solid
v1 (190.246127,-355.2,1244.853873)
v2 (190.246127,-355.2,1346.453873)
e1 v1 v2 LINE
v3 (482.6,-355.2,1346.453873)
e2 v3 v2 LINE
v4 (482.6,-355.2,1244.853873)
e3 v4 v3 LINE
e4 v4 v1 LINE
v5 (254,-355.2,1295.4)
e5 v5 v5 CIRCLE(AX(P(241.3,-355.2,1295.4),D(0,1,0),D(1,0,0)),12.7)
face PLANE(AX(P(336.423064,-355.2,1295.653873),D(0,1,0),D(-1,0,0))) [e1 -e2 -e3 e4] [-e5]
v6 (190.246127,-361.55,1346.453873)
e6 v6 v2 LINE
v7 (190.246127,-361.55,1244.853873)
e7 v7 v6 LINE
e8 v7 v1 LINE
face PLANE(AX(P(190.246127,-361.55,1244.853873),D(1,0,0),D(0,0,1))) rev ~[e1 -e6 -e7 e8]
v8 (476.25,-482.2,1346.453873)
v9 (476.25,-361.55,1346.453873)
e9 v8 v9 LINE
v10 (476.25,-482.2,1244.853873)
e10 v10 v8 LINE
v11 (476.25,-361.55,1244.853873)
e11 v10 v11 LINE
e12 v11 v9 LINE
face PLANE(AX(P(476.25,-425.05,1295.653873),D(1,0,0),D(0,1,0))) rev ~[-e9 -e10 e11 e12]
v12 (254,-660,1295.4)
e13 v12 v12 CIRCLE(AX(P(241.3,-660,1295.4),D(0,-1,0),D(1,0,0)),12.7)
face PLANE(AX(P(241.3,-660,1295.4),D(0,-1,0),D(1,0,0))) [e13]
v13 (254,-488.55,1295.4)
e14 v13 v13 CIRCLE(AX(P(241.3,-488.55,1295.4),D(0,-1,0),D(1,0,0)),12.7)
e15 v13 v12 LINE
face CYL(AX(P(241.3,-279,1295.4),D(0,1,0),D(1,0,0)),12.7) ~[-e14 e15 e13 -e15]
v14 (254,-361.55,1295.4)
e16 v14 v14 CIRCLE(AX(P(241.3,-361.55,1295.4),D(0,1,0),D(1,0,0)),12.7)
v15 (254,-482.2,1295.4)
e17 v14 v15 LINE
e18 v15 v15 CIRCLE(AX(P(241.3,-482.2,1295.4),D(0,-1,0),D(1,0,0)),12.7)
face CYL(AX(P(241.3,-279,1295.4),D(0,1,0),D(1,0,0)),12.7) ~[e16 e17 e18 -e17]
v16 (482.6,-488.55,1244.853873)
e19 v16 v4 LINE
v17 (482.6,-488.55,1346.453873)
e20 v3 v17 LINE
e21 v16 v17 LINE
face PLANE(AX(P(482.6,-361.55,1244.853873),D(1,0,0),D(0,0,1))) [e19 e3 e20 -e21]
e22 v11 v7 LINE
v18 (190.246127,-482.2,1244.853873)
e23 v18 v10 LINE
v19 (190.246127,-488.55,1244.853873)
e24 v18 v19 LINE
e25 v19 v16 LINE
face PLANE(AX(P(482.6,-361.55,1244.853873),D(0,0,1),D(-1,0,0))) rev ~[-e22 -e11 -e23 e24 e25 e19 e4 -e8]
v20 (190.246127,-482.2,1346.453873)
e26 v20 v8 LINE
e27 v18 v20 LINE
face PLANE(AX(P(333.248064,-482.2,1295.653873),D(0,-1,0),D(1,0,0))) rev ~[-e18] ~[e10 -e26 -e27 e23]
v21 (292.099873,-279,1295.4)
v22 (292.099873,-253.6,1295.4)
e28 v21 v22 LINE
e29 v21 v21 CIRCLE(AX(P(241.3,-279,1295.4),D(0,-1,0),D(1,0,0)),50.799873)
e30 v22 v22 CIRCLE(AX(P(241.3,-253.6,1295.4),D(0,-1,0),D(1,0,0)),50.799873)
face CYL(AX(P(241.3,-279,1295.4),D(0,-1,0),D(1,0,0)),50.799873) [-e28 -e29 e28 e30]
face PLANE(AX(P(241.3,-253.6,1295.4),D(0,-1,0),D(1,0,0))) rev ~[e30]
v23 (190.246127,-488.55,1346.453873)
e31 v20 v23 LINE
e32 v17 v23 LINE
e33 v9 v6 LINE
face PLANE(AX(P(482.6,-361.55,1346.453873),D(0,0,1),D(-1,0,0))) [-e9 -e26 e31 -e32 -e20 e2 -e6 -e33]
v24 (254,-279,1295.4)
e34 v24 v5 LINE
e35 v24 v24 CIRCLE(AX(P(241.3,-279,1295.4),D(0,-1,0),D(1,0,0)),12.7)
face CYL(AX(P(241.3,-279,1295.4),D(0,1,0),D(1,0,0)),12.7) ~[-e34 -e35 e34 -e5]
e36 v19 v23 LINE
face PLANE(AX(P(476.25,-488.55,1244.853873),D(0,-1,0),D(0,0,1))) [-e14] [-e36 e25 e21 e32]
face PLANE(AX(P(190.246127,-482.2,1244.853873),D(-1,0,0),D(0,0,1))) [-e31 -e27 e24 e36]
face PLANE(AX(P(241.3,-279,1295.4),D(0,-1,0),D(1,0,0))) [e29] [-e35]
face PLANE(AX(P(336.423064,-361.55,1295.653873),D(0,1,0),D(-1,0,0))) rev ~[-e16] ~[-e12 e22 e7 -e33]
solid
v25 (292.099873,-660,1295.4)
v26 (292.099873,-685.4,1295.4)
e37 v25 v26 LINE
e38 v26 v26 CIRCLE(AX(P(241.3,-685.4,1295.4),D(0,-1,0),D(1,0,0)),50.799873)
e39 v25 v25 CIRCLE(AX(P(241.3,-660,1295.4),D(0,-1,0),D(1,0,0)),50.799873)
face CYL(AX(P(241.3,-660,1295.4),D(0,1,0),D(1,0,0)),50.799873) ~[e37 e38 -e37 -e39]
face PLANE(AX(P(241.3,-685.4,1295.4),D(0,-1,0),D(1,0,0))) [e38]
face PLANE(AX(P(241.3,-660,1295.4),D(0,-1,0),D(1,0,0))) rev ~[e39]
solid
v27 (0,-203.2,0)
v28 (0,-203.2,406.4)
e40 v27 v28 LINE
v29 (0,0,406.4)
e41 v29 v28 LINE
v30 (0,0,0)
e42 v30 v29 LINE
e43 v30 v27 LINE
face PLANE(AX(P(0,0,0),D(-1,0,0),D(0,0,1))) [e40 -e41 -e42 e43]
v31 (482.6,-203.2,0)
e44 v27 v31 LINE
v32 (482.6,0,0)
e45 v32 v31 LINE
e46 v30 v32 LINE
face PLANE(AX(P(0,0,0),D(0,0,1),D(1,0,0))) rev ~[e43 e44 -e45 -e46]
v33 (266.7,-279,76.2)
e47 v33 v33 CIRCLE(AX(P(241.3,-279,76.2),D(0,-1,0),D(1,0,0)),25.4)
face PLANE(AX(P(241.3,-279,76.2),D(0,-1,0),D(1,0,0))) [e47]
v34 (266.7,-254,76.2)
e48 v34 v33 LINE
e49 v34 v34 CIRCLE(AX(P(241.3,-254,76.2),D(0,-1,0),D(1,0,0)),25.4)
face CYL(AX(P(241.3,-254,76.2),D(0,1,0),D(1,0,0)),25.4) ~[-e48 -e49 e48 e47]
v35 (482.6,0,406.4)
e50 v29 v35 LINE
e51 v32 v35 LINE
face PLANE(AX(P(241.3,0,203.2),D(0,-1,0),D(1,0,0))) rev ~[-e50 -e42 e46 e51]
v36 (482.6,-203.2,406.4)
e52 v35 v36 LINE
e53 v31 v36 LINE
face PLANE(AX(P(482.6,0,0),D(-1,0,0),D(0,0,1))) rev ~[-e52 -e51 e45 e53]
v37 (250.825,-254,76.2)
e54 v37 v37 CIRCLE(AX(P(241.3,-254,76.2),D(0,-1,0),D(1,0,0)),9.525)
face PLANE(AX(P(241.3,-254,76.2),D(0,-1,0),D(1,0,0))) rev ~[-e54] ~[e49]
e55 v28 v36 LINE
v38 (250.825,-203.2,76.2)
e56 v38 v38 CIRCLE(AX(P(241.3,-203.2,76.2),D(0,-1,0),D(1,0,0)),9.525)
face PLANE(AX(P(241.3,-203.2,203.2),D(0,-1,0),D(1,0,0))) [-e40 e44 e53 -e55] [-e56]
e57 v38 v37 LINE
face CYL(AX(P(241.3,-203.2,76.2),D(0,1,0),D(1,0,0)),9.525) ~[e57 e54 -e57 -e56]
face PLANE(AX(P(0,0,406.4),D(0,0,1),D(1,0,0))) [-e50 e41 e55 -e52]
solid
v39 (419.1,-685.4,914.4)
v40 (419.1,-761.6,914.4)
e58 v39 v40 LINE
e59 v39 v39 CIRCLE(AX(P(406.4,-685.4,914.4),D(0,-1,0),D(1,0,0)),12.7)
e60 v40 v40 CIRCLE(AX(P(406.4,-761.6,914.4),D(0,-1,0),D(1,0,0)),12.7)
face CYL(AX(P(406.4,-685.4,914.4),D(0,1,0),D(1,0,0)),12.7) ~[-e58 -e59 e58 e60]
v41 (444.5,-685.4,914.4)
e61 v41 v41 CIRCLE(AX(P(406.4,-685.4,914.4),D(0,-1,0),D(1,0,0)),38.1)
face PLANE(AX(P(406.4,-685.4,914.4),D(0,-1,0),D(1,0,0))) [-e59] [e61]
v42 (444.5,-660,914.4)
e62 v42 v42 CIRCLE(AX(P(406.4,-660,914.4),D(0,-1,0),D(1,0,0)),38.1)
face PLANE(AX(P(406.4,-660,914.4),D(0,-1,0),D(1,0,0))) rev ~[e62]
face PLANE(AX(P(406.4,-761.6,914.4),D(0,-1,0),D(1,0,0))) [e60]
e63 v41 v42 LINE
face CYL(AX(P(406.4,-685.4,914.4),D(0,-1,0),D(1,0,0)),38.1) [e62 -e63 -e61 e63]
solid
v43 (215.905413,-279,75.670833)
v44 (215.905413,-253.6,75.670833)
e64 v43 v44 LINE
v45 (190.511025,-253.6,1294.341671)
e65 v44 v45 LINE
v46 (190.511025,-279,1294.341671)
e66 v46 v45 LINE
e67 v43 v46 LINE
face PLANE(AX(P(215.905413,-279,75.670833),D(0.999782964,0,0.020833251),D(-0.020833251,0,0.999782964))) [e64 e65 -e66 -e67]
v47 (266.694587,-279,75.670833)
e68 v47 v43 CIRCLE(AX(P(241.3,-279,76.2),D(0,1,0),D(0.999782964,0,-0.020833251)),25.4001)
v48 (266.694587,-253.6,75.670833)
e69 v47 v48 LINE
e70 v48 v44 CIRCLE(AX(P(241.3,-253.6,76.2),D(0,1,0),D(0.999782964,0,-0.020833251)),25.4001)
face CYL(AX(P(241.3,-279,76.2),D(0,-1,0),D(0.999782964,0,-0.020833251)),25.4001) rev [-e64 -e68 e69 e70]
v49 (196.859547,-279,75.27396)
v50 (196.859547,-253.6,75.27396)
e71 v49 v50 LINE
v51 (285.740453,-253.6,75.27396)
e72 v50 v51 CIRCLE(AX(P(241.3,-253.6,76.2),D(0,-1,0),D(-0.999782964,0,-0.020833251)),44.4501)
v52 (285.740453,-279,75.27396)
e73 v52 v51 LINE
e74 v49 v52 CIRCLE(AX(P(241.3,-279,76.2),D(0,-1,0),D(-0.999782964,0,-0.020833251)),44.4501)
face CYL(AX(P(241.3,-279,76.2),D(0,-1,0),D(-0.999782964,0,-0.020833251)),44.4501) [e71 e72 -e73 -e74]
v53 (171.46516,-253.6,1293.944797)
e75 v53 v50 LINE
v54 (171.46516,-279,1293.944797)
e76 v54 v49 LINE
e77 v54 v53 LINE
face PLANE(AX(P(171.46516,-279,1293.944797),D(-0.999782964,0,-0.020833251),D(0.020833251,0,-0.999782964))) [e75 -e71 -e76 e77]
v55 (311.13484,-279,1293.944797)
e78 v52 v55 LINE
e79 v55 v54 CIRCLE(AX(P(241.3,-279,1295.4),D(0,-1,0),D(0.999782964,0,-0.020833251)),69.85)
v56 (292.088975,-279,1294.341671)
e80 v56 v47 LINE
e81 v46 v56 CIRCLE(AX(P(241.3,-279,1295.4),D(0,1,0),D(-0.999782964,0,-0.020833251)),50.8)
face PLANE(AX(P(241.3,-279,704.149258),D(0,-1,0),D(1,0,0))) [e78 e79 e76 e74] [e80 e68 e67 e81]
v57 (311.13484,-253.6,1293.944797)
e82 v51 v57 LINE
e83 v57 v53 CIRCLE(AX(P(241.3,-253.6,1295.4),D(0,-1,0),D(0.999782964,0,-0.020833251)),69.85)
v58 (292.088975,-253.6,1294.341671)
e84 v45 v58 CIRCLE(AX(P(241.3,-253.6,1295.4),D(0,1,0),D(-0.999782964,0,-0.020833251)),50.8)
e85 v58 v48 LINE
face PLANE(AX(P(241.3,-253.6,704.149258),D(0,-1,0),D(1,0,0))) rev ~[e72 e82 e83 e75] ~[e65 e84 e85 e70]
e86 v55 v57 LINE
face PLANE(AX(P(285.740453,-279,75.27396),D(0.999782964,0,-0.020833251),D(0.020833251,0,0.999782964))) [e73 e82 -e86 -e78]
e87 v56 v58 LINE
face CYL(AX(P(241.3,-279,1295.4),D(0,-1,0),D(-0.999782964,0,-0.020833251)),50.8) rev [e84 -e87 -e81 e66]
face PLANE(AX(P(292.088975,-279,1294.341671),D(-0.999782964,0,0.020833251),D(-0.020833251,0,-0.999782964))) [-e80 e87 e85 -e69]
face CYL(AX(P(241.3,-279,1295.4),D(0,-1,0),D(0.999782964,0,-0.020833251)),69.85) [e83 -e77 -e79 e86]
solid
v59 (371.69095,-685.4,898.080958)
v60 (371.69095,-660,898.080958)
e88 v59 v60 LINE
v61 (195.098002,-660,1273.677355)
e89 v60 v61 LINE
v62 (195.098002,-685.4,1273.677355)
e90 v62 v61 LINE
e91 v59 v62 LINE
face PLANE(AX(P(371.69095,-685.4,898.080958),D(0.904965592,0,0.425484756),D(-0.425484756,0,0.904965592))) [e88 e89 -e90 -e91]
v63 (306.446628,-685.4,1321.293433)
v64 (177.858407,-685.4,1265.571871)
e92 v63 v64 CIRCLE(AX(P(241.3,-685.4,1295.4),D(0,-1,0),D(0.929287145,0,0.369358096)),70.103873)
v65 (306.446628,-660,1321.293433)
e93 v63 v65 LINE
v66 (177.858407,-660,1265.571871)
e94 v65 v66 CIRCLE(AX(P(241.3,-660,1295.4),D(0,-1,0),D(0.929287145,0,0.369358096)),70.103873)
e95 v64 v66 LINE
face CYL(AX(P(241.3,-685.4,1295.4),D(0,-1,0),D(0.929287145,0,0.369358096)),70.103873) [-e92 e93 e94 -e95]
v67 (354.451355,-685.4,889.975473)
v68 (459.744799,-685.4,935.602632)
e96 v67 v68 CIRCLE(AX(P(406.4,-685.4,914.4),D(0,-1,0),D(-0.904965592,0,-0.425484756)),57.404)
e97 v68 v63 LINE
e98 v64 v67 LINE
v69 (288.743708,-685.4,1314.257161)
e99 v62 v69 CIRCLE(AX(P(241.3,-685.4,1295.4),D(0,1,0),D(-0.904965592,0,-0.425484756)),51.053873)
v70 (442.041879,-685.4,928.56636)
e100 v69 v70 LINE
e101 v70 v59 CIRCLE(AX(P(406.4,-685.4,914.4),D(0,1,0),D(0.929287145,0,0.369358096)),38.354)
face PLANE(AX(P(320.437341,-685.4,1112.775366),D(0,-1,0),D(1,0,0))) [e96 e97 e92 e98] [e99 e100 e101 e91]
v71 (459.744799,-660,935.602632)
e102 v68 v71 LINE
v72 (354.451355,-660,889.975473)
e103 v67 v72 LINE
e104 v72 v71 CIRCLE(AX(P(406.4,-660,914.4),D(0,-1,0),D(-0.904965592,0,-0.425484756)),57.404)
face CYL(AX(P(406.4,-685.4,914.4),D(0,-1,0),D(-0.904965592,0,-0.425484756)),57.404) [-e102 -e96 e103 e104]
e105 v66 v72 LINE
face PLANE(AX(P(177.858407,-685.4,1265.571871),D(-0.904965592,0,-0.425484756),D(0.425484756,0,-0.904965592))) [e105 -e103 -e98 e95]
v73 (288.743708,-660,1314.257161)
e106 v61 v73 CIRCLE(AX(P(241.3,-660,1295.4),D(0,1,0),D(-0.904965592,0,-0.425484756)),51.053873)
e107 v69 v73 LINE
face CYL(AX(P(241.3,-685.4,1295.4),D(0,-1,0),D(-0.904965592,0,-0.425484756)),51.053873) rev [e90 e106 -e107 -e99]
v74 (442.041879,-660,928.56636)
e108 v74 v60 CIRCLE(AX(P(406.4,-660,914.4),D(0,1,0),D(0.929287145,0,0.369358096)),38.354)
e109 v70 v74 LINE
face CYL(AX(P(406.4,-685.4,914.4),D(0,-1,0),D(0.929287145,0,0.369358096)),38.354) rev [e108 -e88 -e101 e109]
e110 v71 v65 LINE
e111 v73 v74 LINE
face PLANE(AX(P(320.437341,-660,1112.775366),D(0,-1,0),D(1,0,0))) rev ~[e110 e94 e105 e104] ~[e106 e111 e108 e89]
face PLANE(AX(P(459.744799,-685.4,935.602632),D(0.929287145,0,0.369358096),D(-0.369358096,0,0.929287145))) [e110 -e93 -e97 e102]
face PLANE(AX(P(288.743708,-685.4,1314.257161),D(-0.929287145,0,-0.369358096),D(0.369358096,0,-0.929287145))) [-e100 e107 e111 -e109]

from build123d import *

# Parameters (mm, degrees)
F0_W      = 482.6
F0_H      = 406.4
F1_DEPTH  = 203.2
F2_R      = 9.525
F3_DEPTH  = 50.8
F4_R      = 25.4
F5_DEPTH  = 25
F7_DEPTH  = 25.4
F8_R      = 50.799873
F9_DEPTH  = 25.4
F11_R     = 12.7
F12_DEPTH = 381
F13_R     = 50.799873
F14_DEPTH = 25.4
F15_R     = 38.1
F16_DEPTH = 25.4
F18_DEPTH = 25.4
F19_R     = 12.7
F20_DEPTH = 76.2
F22_W     = 286.003873
F22_H     = 101.6
F22_R     = 12.7
F23_DEPTH = 6.35
F24_W     = 127
F24_H     = 101.6
F25_DEPTH = 6.35
F26_W     = 292.353873
F26_H     = 101.6
F27_DEPTH = 6.35


with BuildPart() as f1:
    # F0 (on Front) → F1 (new body)
    with BuildSketch(Plane.XZ):
        with Locations((241.3, 203.2)):
            Rectangle(F0_W, F0_H)
    extrude(amount=F1_DEPTH)

    # F2 (on face) → F3 (join)
    with BuildSketch(Plane.XZ.offset(203.2)):
        with Locations((241.3, 76.2)):
            Circle(F2_R)
    extrude(amount=F3_DEPTH)

    # F4 (on face) → F5 (join)
    with BuildSketch(Plane.XZ.offset(254)):
        with Locations((241.3, 76.2)):
            Circle(F4_R)
    extrude(amount=F5_DEPTH)


with BuildPart() as f7:
    # F6 (on face) → F7 (new body)
    with BuildSketch(Plane.XZ.offset(279)):
        with BuildLine():
            ThreePointArc((311.1348400541, 1293.9447973958), (241.3, 1365.25), (171.4651599459, 1293.9447973958))
            Line((171.4651599459, 1293.9447973958), (196.85954726, 75.2739598958))
            ThreePointArc((196.85954726, 75.2739598958), (241.3, 31.7499), (285.74045274, 75.2739598958))
            Line((285.74045274, 75.2739598958), (311.1348400541, 1293.9447973958))
        make_face()
        with BuildLine():
            Line((292.0889745848, 1294.3416708333), (266.6945872707, 75.6708333333))
            ThreePointArc((266.6945872707, 75.6708333333), (241.3, 50.7999), (215.9054127293, 75.6708333333))
            Line((215.9054127293, 75.6708333333), (190.5110254152, 1294.3416708333))
            ThreePointArc((190.5110254152, 1294.3416708333), (241.3, 1346.2), (292.0889745848, 1294.3416708333))
        make_face(mode=Mode.SUBTRACT)
    extrude(amount=-F7_DEPTH)


with BuildPart() as f9:
    # F8 (on face) → F9 (new body)
    with BuildSketch(Plane.XZ.offset(279)):
        with Locations((241.3, 1295.4)):
            Circle(F8_R)
    extrude(amount=-F9_DEPTH)

    # F11 (on face) → F12 (join)
    with BuildSketch(Plane.XZ.offset(279)):
        with Locations((241.3, 1295.4)):
            Circle(F11_R)
    extrude(amount=F12_DEPTH)

    # F22 (on offset) → F23 (join)
    with BuildSketch(Plane.XZ.offset(482.2)):
        with Locations((333.2480635, 1295.653873)):
            Rectangle(F22_W, F22_H)
        with Locations((241.3, 1295.4)):
            Circle(F22_R, mode=Mode.SUBTRACT)
    extrude(amount=F23_DEPTH)

    # F24 (on face) → F25 (join)
    with BuildSketch(Plane.YZ.offset(476.25)):
        with Locations((-425.05, 1295.653873)):
            Rectangle(F24_W, F24_H)
    extrude(amount=F25_DEPTH)

    # F26 (on face) → F27 (join)
    with BuildSketch(Plane(origin=(0, -361.55, 0), x_dir=(-1, 0, 0), z_dir=(0, 1, 0))):
        with Locations((-336.4230635, 1295.653873)):
            Rectangle(F26_W, F26_H)
    extrude(amount=F27_DEPTH)


with BuildPart() as f14:
    # F13 (on face) → F14 (new body)
    with BuildSketch(Plane.XZ.offset(660)):
        with Locations((241.3, 1295.4)):
            Circle(F13_R)
    extrude(amount=F14_DEPTH)


with BuildPart() as f16:
    # F15 (on face) → F16 (new body)
    with BuildSketch(Plane.XZ.offset(685.4)):
        with Locations((406.4, 914.4)):
            Circle(F15_R)
    extrude(amount=-F16_DEPTH)

    # F19 (on face) → F20 (join)
    with BuildSketch(Plane.XZ.offset(685.4)):
        with Locations((406.4, 914.4)):
            Circle(F19_R)
    extrude(amount=F20_DEPTH)


with BuildPart() as f18:
    # F17 (on face) → F18 (new body)
    with BuildSketch(Plane.XZ.offset(685.4)):
        with BuildLine():
            ThreePointArc((354.4513551765, 889.9754730445), (429.22425735, 861.7286368847), (459.7447992435, 935.6026321402))
            Line((459.7447992435, 935.6026321402), (306.4466279593, 1321.2934330503))
            ThreePointArc((306.4466279593, 1321.2934330503), (213.4261786882, 1359.7242030272), (177.8584070931, 1265.571870675))
            Line((177.8584070931, 1265.571870675), (354.4513551765, 889.9754730445))
        make_face()
        with BuildLine():
            ThreePointArc((195.0980016141, 1273.6773552841), (221.0006003752, 1342.244768365), (288.7437078564, 1314.2571613224))
            Line((288.7437078564, 1314.2571613224), (442.0418791406, 928.5663604122))
            ThreePointArc((442.0418791406, 928.5663604122), (421.649835663, 879.2080715469), (371.6909496976, 898.0809576536))
            Line((371.6909496976, 898.0809576536), (195.0980016141, 1273.6773552841))
        make_face(mode=Mode.SUBTRACT)
    extrude(amount=-F18_DEPTH)


solid = Compound([f1.part, f7.part, f9.part, f14.part, f16.part, f18.part])
